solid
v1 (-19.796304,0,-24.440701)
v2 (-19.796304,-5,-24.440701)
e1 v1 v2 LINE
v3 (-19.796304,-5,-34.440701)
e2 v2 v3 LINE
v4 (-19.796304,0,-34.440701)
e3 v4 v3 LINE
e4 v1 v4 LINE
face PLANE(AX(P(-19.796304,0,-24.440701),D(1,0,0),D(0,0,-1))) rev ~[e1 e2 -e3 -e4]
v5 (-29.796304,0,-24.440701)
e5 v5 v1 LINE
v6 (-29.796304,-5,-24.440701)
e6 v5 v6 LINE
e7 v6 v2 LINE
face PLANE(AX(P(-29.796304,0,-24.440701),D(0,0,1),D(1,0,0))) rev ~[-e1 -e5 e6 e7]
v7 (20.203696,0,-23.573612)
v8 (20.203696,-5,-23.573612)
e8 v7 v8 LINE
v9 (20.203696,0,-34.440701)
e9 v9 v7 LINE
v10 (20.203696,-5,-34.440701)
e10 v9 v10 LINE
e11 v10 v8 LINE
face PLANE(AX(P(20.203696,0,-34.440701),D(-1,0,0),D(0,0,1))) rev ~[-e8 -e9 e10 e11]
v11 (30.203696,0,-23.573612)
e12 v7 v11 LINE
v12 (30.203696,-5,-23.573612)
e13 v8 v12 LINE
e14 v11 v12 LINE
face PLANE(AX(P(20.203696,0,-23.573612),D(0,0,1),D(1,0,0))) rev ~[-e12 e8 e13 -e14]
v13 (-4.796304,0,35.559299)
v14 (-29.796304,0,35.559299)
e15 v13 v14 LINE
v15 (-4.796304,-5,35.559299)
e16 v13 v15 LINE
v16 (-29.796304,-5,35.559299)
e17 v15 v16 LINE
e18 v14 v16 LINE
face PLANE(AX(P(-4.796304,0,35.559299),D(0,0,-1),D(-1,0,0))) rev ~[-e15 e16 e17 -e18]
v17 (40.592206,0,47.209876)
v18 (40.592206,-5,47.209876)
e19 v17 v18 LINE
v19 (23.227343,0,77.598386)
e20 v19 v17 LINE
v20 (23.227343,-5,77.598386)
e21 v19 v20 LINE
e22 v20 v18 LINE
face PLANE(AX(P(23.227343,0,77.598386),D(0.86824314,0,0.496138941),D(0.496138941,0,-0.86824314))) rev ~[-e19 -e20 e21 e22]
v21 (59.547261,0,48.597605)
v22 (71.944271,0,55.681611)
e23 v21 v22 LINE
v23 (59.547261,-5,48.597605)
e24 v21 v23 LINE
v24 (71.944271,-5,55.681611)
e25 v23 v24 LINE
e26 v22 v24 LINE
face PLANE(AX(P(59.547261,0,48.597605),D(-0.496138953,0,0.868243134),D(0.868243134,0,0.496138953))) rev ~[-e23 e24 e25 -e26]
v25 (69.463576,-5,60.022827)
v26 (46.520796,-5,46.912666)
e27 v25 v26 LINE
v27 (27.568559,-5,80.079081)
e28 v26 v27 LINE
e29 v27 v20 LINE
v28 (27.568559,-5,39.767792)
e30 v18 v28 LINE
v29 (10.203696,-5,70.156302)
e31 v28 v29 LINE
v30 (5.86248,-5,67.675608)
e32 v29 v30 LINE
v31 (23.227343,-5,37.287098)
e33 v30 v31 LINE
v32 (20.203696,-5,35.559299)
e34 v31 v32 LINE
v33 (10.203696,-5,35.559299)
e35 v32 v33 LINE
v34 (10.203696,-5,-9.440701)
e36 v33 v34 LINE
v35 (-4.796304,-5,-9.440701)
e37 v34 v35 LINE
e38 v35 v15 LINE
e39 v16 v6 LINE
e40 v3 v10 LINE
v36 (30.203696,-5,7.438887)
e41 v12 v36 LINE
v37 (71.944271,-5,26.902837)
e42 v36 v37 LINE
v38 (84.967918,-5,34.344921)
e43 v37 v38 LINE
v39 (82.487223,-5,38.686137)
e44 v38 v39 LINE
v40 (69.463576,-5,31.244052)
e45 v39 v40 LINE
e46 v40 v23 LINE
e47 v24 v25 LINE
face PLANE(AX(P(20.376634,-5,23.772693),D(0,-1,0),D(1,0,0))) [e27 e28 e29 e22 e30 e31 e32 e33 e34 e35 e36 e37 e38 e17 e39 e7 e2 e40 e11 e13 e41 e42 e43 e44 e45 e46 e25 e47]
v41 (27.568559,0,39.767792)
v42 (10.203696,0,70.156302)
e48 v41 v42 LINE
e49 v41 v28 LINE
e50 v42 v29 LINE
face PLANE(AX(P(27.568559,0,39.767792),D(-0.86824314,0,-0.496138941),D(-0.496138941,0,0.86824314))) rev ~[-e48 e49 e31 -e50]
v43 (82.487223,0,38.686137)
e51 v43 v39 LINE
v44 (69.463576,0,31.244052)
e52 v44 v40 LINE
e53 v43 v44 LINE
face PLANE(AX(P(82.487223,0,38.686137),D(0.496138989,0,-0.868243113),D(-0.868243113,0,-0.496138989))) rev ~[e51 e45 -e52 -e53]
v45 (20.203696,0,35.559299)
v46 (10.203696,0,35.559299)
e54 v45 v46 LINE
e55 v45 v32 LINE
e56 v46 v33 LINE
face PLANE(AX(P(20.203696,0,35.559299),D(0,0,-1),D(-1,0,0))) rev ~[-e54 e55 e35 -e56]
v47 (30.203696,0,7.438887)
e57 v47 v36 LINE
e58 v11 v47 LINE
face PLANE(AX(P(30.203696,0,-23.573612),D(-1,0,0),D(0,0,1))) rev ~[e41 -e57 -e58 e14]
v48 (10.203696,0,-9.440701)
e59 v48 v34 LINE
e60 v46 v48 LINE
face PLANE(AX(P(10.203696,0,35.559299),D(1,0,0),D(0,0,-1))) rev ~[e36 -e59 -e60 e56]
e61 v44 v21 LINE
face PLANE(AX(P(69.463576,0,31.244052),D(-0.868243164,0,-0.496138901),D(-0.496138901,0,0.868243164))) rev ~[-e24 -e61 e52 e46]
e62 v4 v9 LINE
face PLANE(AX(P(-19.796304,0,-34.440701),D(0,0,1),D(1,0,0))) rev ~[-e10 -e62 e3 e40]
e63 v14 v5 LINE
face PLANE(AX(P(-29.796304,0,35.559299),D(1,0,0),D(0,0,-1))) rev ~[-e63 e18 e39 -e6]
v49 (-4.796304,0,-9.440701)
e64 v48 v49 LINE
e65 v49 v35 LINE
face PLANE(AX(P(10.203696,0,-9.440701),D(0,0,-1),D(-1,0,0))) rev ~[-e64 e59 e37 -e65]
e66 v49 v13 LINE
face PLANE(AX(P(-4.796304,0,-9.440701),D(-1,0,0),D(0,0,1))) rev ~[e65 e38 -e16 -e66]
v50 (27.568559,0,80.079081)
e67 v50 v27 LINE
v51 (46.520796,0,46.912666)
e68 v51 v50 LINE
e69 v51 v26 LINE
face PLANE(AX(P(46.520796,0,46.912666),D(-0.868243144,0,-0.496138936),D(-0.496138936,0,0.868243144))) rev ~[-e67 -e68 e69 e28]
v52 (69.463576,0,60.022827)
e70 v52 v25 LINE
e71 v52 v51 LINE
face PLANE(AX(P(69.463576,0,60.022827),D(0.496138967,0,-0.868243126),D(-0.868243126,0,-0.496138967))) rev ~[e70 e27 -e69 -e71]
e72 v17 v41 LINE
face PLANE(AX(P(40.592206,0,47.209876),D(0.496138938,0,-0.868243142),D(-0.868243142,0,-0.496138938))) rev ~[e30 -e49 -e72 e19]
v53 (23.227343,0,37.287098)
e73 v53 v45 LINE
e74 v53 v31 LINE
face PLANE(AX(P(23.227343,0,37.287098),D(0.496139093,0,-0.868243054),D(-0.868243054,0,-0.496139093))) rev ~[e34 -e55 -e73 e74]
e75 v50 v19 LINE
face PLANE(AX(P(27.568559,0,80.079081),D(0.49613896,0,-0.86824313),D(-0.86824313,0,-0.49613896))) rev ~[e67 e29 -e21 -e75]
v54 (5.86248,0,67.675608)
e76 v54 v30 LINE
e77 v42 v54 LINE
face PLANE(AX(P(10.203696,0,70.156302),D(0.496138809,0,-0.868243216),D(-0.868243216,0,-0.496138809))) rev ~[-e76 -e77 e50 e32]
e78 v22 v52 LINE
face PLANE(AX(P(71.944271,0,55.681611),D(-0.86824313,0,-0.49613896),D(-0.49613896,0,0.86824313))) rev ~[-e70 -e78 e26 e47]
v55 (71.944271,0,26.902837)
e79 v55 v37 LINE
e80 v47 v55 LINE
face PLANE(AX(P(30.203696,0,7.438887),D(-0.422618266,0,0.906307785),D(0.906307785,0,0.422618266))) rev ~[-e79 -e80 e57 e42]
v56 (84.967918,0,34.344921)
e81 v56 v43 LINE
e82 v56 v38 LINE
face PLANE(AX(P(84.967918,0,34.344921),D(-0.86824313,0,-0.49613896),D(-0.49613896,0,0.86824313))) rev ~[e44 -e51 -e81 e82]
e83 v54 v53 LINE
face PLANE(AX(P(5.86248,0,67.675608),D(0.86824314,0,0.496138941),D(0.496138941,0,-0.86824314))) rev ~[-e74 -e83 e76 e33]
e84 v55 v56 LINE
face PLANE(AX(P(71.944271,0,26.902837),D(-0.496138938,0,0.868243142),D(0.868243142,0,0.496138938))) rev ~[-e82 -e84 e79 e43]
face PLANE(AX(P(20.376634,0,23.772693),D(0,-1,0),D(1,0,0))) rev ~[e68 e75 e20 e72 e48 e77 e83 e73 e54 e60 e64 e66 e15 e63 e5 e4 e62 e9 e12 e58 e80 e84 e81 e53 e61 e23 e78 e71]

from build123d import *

# Parameters (mm, degrees)
F1_DEPTH = 5


with BuildPart() as f1:
    # F0 (on Front) → F1 (new body)
    with BuildSketch(Plane.XZ):
        Polygon((-19.796304, -24.440701), (-19.796304, -34.440701), (20.203696, -34.440701), (20.203696, -23.573612), (30.203696, -23.573612), (30.203696, 7.438887), (71.944271, 26.902837), (84.967918, 34.344921), (82.487223, 38.686137), (69.463576, 31.244052), (59.547261, 48.597605), (71.944271, 55.681611), (69.463576, 60.022827), (46.520796, 46.912666), (27.568559, 80.079081), (23.227343, 77.598386), (40.592206, 47.209876), (27.568559, 39.767792), (10.203696, 70.156302), (5.86248, 67.675608), (23.227343, 37.287098), (20.203696, 35.559299), (10.203696, 35.559299), (10.203696, -9.440701), (-4.796304, -9.440701), (-4.796304, 35.559299), (-29.796304, 35.559299), (-29.796304, -24.440701), align=None)
    extrude(amount=F1_DEPTH)


solid = f1.part
